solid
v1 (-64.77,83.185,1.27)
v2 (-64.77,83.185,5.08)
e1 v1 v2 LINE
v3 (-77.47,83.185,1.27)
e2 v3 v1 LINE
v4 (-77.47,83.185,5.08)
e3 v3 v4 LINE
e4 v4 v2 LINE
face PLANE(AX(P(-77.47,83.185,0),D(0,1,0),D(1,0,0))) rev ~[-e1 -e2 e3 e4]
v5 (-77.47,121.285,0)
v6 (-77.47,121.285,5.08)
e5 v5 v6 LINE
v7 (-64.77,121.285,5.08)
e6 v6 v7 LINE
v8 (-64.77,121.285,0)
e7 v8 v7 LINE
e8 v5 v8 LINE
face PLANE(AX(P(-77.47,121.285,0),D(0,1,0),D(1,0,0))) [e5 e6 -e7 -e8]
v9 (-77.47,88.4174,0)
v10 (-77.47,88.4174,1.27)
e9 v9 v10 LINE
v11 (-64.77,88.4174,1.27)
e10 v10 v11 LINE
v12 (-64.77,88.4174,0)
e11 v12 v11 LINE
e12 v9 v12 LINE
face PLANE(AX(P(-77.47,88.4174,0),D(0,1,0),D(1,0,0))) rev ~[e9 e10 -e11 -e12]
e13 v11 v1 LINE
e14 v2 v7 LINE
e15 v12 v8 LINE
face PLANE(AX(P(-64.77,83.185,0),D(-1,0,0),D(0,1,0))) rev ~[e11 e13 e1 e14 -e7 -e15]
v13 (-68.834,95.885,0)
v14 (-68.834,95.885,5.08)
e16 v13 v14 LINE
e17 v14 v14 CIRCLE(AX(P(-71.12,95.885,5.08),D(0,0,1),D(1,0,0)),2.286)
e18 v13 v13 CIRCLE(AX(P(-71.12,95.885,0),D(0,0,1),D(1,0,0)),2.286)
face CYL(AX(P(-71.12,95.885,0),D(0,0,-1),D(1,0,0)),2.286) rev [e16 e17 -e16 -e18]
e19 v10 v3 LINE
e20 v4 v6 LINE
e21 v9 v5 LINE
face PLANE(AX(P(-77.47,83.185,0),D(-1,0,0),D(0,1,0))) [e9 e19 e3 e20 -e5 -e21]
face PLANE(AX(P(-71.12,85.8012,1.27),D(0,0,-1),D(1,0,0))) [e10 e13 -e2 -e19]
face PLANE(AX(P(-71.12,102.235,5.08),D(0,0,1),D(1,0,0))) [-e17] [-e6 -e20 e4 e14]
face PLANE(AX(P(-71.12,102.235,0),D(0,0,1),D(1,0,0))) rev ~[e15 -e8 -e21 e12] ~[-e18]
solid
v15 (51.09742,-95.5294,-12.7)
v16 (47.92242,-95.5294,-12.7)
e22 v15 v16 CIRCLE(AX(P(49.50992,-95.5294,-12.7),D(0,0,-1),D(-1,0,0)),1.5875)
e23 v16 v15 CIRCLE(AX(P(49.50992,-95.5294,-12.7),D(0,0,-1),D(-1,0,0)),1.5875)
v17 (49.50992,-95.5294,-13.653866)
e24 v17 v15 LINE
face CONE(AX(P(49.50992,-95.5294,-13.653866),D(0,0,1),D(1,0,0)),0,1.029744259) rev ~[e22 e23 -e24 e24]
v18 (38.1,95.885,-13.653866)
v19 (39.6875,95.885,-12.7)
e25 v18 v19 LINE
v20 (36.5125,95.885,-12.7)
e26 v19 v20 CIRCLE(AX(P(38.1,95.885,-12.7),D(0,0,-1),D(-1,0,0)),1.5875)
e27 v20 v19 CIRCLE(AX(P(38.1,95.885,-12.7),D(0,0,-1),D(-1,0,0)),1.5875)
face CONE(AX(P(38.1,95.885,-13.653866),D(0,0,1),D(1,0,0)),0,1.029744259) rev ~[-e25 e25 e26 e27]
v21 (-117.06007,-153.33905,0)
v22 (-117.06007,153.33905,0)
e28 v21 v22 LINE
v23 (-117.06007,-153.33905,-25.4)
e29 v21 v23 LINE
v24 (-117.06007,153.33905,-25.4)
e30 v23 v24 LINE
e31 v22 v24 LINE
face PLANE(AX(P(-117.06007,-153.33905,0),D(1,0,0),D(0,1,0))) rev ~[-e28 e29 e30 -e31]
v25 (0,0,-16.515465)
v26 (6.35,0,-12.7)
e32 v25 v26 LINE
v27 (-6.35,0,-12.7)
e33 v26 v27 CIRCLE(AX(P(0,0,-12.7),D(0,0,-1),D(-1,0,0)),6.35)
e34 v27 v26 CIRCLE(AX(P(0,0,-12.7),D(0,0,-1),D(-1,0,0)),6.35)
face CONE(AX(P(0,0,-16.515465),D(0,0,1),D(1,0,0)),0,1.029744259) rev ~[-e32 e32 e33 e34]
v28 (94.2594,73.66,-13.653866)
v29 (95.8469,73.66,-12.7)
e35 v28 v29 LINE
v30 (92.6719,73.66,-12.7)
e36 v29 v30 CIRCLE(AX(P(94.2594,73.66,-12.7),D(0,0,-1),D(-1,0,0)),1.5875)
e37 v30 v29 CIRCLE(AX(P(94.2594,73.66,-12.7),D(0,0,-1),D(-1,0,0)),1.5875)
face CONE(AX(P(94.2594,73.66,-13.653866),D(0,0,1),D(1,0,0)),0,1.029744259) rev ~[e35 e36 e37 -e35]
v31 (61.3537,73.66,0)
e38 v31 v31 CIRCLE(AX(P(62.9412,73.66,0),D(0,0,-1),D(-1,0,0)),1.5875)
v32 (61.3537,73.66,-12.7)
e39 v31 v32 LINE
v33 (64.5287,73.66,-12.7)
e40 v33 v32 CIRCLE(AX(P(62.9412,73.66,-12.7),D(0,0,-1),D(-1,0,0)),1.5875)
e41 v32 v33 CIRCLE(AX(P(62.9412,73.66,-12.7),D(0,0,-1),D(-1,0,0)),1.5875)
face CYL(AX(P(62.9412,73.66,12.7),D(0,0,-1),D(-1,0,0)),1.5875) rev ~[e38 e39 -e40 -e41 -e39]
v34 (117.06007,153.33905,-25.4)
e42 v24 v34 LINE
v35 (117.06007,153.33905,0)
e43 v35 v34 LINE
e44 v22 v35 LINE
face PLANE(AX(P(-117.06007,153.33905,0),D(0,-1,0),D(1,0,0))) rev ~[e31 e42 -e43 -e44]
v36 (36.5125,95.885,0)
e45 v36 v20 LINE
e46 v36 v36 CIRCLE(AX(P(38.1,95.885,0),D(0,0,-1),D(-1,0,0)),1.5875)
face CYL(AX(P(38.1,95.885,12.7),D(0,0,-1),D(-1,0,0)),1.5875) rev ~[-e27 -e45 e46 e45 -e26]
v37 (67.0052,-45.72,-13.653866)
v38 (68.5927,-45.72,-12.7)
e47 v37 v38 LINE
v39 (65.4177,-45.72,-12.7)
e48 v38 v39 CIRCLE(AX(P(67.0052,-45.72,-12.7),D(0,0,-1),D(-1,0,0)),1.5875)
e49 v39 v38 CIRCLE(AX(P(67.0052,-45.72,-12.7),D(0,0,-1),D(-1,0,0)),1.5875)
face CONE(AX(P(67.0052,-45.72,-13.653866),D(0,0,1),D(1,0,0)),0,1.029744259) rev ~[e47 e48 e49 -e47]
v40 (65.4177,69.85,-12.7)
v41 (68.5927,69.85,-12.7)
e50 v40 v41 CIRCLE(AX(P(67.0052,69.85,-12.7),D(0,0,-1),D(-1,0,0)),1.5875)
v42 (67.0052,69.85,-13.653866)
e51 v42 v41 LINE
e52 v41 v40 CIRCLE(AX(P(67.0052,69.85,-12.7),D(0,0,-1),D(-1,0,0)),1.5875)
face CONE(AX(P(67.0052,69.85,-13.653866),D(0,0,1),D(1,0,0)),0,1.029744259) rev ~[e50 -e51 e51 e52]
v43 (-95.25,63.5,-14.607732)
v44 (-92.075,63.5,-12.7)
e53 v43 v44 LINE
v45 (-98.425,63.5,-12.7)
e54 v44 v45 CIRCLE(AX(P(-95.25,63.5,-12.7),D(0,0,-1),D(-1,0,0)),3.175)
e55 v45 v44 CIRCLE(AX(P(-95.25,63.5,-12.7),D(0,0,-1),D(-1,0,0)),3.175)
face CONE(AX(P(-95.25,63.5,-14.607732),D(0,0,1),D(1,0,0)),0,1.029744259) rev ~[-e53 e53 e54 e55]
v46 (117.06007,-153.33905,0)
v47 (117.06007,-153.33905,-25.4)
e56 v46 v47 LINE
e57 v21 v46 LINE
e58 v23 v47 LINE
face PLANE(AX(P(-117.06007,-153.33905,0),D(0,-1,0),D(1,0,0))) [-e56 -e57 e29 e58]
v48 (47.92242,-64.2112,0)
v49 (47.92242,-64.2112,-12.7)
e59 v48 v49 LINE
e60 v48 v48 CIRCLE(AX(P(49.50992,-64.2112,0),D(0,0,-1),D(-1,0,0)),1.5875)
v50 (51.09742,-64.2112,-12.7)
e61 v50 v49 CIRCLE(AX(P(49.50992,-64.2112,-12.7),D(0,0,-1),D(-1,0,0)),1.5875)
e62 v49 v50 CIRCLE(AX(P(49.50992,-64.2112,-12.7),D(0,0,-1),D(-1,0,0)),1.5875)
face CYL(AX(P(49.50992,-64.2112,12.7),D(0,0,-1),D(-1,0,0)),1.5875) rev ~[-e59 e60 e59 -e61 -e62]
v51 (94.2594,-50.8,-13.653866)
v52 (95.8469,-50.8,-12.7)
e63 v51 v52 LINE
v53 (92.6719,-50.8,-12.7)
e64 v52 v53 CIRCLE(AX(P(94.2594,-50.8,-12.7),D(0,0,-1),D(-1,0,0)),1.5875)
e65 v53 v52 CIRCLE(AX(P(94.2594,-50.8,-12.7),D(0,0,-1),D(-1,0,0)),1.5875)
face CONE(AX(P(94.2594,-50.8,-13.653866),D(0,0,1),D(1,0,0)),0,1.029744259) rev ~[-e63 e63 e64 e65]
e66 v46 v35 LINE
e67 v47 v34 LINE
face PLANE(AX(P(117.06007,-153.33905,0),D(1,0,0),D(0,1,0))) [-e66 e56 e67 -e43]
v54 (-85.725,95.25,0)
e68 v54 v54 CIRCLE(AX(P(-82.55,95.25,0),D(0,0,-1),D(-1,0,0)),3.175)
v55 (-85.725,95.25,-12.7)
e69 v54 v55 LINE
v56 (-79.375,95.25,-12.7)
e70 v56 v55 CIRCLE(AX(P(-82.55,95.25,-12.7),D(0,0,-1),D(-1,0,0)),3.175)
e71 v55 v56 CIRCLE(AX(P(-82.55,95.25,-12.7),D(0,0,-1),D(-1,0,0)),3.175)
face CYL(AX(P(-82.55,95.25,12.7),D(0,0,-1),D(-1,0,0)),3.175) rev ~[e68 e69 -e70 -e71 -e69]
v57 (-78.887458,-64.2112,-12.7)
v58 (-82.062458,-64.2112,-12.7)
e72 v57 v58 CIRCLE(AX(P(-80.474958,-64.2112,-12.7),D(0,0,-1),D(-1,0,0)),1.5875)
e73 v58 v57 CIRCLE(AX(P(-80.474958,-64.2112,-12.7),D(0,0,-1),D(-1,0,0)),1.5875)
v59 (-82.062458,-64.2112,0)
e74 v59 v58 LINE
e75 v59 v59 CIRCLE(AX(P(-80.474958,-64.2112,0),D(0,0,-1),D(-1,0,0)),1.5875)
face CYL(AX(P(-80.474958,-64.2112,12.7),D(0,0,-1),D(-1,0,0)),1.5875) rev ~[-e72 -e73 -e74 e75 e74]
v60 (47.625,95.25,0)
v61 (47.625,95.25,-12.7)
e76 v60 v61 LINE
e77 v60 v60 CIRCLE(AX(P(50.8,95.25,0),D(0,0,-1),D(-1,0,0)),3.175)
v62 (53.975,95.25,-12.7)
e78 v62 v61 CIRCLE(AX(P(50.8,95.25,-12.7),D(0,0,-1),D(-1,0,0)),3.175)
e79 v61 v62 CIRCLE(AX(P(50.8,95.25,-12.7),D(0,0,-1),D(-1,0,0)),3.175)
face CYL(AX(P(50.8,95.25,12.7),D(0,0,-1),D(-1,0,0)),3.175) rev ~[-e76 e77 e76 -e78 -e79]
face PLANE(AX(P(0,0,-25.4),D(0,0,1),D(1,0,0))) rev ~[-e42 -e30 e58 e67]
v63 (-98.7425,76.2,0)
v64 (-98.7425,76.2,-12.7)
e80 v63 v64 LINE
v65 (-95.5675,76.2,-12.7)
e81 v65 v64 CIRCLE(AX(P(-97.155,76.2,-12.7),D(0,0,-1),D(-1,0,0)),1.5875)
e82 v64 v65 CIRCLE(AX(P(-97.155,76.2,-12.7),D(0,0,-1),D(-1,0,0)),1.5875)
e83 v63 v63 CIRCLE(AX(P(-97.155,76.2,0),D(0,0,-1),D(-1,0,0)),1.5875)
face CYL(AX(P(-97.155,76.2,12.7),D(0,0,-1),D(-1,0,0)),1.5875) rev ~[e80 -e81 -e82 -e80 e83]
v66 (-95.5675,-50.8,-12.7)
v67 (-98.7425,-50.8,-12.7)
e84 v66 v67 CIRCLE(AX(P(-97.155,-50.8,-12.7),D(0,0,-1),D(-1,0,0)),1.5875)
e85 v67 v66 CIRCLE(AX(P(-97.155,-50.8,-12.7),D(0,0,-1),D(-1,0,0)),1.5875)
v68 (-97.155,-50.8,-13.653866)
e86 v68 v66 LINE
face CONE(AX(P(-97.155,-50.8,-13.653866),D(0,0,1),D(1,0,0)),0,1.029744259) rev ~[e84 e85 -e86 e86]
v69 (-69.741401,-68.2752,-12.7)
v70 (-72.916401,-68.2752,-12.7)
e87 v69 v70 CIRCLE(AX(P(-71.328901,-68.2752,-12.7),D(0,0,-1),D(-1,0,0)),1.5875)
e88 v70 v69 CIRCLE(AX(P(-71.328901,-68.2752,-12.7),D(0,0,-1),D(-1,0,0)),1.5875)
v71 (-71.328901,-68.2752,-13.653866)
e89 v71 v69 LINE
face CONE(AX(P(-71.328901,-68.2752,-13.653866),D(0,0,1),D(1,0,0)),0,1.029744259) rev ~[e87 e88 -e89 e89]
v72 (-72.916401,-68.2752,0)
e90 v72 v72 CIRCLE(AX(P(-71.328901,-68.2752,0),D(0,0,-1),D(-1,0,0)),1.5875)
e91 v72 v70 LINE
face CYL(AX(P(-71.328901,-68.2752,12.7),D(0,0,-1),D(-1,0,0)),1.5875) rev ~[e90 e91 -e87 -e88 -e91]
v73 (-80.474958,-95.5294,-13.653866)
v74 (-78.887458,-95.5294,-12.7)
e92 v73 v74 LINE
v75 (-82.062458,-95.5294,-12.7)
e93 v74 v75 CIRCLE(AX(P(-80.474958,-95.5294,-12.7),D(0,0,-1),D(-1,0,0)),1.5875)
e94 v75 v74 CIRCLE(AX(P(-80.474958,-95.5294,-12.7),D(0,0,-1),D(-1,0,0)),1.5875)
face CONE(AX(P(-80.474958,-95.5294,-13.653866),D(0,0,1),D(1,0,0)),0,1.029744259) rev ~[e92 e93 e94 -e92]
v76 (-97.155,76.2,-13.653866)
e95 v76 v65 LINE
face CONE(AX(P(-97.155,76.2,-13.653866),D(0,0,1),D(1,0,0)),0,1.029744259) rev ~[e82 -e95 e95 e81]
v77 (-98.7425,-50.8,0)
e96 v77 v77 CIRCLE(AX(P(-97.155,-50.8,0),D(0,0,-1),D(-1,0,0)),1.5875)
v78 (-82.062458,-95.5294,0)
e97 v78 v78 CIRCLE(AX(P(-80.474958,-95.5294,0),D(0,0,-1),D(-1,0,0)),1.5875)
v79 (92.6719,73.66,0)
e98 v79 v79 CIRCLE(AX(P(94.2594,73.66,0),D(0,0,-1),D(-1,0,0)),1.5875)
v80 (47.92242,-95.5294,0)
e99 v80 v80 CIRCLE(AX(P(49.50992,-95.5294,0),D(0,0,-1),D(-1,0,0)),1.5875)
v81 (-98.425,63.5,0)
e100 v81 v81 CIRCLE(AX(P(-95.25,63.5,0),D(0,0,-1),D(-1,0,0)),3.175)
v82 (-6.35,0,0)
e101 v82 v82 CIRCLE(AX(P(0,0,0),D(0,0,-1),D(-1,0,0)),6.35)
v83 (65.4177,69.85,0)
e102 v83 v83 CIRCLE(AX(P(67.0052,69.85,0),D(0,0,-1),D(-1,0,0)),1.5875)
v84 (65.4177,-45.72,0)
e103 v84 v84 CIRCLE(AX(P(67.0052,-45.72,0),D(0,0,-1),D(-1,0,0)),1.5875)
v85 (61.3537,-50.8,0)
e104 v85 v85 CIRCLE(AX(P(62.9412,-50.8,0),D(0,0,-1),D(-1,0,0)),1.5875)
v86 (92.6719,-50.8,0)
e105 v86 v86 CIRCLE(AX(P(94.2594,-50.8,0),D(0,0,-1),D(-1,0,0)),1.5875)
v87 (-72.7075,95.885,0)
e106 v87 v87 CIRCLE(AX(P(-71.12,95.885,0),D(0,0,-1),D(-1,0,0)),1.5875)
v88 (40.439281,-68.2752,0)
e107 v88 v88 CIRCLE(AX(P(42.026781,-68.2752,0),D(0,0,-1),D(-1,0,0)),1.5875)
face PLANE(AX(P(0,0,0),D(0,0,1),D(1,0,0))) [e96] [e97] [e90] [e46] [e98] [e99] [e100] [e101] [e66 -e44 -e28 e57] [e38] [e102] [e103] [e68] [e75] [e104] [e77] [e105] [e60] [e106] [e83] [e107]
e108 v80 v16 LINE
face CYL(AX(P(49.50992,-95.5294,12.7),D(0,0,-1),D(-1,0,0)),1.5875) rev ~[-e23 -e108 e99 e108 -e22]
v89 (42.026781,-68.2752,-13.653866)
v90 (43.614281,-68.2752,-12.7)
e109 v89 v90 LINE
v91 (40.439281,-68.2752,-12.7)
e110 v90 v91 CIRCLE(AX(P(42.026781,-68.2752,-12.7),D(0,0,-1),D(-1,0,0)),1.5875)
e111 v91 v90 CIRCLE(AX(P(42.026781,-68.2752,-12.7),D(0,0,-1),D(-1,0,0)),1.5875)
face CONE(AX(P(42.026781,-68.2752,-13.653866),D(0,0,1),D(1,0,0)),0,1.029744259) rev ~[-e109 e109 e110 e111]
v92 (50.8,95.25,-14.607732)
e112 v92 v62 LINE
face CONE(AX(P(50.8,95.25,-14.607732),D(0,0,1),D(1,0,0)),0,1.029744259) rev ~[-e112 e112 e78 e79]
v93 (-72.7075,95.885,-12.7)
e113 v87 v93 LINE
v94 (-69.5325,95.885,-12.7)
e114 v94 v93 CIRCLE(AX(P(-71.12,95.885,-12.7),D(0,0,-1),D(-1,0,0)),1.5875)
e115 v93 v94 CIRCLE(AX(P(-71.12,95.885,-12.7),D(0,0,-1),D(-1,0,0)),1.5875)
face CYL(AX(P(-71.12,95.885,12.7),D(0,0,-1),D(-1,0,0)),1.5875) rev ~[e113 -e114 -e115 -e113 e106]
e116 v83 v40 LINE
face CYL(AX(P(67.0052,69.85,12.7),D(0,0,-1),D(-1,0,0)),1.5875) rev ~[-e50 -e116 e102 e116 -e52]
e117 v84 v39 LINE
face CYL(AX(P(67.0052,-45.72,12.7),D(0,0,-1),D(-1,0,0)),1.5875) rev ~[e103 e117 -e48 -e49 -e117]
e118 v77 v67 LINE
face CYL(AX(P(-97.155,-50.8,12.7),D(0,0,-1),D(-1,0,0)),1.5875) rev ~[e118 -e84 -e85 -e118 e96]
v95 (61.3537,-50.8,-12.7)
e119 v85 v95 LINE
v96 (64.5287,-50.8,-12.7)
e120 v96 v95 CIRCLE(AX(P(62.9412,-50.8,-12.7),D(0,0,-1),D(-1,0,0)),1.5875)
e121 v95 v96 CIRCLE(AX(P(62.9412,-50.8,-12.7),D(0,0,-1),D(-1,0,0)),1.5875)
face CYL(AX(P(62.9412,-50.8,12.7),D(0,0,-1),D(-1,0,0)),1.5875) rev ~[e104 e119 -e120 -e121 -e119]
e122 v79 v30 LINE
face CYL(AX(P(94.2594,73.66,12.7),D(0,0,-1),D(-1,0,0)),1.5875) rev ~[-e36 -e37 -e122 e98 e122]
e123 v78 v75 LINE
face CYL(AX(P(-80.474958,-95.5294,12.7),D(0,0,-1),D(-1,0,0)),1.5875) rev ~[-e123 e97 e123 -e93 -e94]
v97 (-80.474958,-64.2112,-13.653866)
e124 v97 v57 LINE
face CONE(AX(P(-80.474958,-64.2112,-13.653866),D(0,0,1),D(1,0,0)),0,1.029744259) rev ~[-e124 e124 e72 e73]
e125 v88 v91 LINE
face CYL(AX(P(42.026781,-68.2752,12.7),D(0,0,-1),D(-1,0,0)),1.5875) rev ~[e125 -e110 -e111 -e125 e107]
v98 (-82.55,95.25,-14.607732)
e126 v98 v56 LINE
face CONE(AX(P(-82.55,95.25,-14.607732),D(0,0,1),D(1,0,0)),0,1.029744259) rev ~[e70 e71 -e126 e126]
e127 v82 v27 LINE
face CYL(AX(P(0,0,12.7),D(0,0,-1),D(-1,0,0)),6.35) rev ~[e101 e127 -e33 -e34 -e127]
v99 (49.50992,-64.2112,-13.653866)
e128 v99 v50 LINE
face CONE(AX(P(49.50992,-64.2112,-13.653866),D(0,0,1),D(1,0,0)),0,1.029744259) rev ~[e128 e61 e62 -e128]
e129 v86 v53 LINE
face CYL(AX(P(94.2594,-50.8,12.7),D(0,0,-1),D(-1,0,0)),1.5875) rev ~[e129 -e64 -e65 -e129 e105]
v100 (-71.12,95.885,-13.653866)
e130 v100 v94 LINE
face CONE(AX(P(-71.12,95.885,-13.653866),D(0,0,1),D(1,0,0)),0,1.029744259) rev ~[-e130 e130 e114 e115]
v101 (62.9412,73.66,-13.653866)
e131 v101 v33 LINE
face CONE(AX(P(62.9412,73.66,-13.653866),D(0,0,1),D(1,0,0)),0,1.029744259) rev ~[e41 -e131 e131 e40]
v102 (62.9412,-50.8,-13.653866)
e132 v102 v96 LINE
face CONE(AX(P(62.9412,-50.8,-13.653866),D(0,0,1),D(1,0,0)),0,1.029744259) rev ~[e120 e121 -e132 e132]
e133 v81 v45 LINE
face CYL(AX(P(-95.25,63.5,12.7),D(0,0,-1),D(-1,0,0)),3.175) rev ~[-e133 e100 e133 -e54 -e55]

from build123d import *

# Parameters (mm, degrees)
F0_W     = 234.1201396201
F0_H     = 306.6780995233
F1_DEPTH = 25.4
F2_D     = 6.35
F2_DEPTH = 12.7
F2_TIP   = 1.9077324654
F3_D     = 3.175
F3_DEPTH = 12.7
F3_TIP   = 0.9538662327
F4_W     = 12.7
F4_H     = 38.1
F4_R     = 2.286
F5_DEPTH = 5.08
F6_W     = 12.7
F6_H     = 5.2324
F7_DEPTH = 1.27
F8_D     = 12.7
F8_DEPTH = 12.7
F8_TIP   = 3.8154649308


with BuildPart() as f1:
    # F0 (on Top) → F1 (new body)
    with BuildSketch(Plane.XY):
        Rectangle(F0_W, F0_H)
    extrude(amount=-F1_DEPTH)

    # F2
    with Locations(Plane.XY):
        with Locations((-82.55, 95.25), (-95.25, 63.5), (50.8, 95.25)):
            Hole(F2_D / 2, depth=F2_DEPTH)
            with Locations((0, 0, -(F2_DEPTH + F2_TIP / 2))):  # 118° drill point
                Cone(0, F2_D / 2, F2_TIP, mode=Mode.SUBTRACT)

    # F3
    with Locations(Plane.XY):
        with Locations((-71.12, 95.885), (38.1, 95.885), (-97.155, -50.8), (-97.155, 76.2), (62.9412, 73.66), (67.0052, 69.85), (94.2594, 73.66), (62.9412, -50.8), (67.0052, -45.72), (94.2594, -50.8), (-80.4749578238, -64.2112), (-71.3289007545, -68.2752), (-80.4749578238, -95.5294), (49.5099201798, -95.5294), (42.0267805457, -68.2752), (49.5099201798, -64.2112)):
            Hole(F3_D / 2, depth=F3_DEPTH)
            with Locations((0, 0, -(F3_DEPTH + F3_TIP / 2))):  # 118° drill point
                Cone(0, F3_D / 2, F3_TIP, mode=Mode.SUBTRACT)

    # F8
    with Locations(Plane.XY):
        with Locations((0, 0)):
            Hole(F8_D / 2, depth=F8_DEPTH)
            with Locations((0, 0, -(F8_DEPTH + F8_TIP / 2))):  # 118° drill point
                Cone(0, F8_D / 2, F8_TIP, mode=Mode.SUBTRACT)


with BuildPart() as f5:
    # F4 (on face) → F5 (new body)
    with BuildSketch(Plane.XY):
        with Locations((-71.12, 102.235)):
            Rectangle(F4_W, F4_H)
        with Locations((-71.12, 95.885)):
            Circle(F4_R, mode=Mode.SUBTRACT)
    extrude(amount=F5_DEPTH)

    # F6 (on face) → F7 (cut)
    with BuildSketch(Plane(origin=(0, 0, 0), x_dir=(1, 0, 0), z_dir=(0, 0, -1))):
        with Locations((-71.12, -85.8012)):
            Rectangle(F6_W, F6_H)
    extrude(amount=-F7_DEPTH, mode=Mode.SUBTRACT)


solid = Compound([f1.part, f5.part])
